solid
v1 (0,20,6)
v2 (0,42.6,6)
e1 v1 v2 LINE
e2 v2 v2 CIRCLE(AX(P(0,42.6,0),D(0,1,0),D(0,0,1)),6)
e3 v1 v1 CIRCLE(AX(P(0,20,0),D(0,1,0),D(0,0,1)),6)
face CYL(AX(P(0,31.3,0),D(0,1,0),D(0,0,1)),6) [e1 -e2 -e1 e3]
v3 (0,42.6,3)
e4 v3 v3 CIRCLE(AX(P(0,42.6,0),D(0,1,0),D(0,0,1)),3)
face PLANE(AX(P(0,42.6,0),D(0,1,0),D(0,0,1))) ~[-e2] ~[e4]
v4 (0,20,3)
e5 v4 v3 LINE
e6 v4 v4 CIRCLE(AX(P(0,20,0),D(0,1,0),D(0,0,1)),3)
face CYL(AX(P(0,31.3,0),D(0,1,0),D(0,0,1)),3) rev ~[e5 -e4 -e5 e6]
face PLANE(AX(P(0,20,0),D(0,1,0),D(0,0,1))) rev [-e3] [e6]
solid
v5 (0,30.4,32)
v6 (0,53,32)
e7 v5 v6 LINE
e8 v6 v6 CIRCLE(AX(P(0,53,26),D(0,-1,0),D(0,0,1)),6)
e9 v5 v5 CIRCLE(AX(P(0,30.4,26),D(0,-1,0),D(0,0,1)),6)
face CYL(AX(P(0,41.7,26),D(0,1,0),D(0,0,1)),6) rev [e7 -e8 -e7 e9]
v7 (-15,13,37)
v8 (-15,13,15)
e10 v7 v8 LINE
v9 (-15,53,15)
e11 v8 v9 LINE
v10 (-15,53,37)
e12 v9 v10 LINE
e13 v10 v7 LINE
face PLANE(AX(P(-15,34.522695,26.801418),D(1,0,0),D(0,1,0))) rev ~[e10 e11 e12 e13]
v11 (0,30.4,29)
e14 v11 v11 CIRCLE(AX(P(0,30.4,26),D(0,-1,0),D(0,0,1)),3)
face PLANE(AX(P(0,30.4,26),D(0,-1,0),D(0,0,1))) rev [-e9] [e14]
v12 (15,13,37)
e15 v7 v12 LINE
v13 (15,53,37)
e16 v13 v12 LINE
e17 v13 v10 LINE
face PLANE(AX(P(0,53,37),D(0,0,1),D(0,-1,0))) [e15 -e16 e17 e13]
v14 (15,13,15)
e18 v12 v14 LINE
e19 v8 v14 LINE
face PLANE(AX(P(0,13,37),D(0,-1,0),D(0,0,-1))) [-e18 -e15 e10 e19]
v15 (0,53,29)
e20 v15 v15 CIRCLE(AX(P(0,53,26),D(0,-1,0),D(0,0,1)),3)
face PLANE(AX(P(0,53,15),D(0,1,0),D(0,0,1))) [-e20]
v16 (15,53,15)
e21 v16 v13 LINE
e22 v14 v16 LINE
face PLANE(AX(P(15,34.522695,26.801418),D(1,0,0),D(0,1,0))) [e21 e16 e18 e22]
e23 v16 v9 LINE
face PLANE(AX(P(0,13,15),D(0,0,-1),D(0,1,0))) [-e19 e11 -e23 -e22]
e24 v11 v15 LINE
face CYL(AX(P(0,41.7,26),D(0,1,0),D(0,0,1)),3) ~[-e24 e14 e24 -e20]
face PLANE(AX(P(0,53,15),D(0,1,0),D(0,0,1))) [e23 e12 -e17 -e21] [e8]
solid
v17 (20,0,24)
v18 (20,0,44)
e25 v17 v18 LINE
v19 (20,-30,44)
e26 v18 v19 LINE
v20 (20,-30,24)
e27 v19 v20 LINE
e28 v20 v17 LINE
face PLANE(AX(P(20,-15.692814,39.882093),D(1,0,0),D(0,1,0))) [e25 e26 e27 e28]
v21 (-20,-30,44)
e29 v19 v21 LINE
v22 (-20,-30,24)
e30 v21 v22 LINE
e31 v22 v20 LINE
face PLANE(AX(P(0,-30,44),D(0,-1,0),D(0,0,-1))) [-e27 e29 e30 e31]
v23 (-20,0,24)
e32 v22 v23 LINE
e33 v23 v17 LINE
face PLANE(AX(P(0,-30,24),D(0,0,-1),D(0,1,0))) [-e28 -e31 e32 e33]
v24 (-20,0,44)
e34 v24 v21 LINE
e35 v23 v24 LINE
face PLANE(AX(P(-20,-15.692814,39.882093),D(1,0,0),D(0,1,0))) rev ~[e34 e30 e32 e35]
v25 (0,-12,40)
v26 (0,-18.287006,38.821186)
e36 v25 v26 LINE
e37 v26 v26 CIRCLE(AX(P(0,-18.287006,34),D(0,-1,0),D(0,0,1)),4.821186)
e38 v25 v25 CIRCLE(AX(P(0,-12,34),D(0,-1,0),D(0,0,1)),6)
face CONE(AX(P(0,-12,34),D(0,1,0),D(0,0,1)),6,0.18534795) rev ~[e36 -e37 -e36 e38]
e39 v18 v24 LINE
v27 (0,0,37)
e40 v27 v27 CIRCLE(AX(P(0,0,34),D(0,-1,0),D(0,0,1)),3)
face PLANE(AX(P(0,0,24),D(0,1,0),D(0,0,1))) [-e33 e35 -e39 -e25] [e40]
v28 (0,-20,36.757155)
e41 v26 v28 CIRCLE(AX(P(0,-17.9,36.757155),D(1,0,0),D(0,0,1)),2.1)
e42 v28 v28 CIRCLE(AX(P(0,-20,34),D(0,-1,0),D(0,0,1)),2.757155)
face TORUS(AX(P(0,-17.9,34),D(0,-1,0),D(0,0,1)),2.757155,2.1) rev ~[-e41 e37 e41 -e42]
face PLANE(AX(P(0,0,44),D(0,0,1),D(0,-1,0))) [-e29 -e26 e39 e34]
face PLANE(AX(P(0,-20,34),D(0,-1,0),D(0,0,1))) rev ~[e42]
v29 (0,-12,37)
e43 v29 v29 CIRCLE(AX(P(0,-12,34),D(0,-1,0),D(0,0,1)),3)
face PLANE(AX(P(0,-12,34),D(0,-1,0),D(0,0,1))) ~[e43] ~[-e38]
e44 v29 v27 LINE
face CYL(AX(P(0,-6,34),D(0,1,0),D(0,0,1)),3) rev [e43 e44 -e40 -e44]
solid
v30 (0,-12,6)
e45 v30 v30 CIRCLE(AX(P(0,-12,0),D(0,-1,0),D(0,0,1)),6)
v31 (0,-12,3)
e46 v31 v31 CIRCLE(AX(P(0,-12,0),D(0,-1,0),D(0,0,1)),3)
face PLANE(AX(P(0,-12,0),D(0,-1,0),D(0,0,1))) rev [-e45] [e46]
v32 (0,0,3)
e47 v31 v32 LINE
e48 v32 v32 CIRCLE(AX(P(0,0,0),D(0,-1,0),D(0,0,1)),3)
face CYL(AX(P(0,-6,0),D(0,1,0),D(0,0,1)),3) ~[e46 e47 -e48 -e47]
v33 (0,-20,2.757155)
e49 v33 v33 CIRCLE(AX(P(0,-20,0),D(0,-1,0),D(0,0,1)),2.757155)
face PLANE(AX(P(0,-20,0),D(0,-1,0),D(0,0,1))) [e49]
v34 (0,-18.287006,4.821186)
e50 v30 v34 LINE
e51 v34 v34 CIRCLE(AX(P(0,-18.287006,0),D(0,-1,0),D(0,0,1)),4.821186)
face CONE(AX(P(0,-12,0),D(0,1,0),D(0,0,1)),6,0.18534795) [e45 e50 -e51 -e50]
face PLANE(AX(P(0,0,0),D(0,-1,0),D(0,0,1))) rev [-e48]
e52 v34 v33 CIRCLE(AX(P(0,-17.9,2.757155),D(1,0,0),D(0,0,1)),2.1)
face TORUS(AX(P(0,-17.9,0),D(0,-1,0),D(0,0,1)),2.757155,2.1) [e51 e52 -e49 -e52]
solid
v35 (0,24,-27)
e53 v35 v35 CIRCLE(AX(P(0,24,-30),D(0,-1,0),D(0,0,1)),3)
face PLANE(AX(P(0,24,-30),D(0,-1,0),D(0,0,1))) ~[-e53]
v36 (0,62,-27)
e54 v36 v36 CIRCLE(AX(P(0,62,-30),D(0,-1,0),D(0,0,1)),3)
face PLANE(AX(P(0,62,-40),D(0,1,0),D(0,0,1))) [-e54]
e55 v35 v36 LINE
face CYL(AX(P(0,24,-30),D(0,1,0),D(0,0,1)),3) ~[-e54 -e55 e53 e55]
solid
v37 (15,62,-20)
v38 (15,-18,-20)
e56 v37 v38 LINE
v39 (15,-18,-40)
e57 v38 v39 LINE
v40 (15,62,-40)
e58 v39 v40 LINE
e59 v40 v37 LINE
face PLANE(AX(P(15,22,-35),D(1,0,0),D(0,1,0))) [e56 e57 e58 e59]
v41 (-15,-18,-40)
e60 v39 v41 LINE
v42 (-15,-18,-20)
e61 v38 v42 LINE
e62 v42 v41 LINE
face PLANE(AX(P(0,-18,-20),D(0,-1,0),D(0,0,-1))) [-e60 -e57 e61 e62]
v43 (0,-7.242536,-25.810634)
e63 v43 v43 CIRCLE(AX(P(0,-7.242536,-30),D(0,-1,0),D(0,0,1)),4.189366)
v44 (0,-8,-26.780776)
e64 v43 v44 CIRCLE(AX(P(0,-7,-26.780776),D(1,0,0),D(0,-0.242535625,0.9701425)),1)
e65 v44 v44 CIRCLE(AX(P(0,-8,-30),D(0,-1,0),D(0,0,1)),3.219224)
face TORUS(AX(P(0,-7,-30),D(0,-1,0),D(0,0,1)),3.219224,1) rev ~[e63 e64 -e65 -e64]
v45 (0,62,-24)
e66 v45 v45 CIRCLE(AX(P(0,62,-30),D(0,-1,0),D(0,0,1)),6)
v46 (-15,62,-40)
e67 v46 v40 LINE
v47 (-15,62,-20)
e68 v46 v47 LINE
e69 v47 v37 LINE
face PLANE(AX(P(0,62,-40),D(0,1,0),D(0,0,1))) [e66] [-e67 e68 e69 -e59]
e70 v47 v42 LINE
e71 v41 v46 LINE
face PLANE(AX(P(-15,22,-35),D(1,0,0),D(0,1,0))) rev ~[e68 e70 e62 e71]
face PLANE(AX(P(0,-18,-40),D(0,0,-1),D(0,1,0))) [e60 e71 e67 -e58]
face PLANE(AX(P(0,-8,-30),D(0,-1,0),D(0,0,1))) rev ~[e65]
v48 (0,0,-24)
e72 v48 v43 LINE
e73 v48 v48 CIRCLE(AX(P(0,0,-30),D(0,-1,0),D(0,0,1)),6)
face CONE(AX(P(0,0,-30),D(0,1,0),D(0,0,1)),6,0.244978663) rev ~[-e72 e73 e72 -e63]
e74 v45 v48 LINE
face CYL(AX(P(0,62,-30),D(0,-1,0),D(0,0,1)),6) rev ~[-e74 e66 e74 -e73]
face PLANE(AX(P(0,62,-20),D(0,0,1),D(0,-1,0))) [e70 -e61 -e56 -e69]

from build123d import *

# Parameters (mm, degrees)
F0_W      = 12
F0_H      = 3
F2_W      = 22.6
F2_H      = 3
F4_W      = 12
F4_H      = 1.5
F4_H_2    = 3
F5_DEPTH  = 20
F7_W      = 22.6
F7_H      = 3
F8_DEPTH  = 15
F10_R     = 2.1
F10_2_R   = 2.1
F11_W     = 38
F11_H     = 3
F11_W_2   = 24
F12_DEPTH = 15


with BuildPart() as f1:
    # F0 (on Right) → F1 (revolve)
    with BuildSketch(Plane.YZ):
        Polygon((-20, 0), (-12, 0), (-12, 3), (-12, 6), (-20, 4.5), align=None)
        with Locations((-6, 1.5)):
            Rectangle(F0_W, F0_H)
    revolve(axis=Axis((0, -6, 0), (0, -1, 0)))

    # F10#2
    f10_2_edges = [f1.edges().sort_by_distance(p)[0] for p in [
        (0, -20, -4.5),
    ]]
    fillet(f10_2_edges, radius=F10_2_R)


with BuildPart() as f3:
    # F2 (on Right) → F3 (revolve)
    with BuildSketch(Plane.YZ):
        with Locations((31.3, 4.5)):
            Rectangle(F2_W, F2_H)
    revolve(axis=Axis((0, 31.3, 0), (0, 1, 0)))


with BuildPart() as f5:
    # F4 (on Right) → F5 (new body, symmetric)
    with BuildSketch(Plane.YZ):
        Polygon((-30, 44), (-30, 34), (-20, 34), (-20, 38.5), (-12, 40), (-12, 37), (0, 37), (0, 44), align=None)
        Polygon((-30, 24), (0, 24), (0, 32.5), (-12, 32.5), (-12, 34), (-20, 34), (-30, 34), align=None)
        with Locations((-6, 33.25)):
            Rectangle(F4_W, F4_H)
        Polygon((-20, 38.5), (-20, 34), (-12, 34), (-12, 37), (-12, 40), align=None)
        with Locations((-6, 35.5)):
            Rectangle(F4_W, F4_H_2)
    extrude(amount=F5_DEPTH, both=True)

    # F4 (on Right) → F6 (revolve, cut)
    with BuildSketch(Plane.YZ):
        Polygon((-20, 38.5), (-20, 34), (-12, 34), (-12, 37), (-12, 40), align=None)
        with Locations((-6, 35.5)):
            Rectangle(F4_W, F4_H_2)
    revolve(axis=Axis((0, -15, 34), (0, -1, 0)), mode=Mode.SUBTRACT)

    # F10
    f10_edges = [f5.edges().sort_by_distance(p)[0] for p in [
        (0, -20, 29.5),
    ]]
    fillet(f10_edges, radius=F10_R)


with BuildPart() as f8:
    # F7 (on Right) → F8 (new body, symmetric)
    with BuildSketch(Plane.YZ):
        Polygon((53, 37), (13, 37), (13, 15), (53, 15), (53, 26), (30.4, 26), (30.4, 29), (30.4, 32), (53, 32), align=None)
        with Locations((41.7, 27.5)):
            Rectangle(F7_W, F7_H)
        with Locations((41.7, 30.5)):
            Rectangle(F7_W, F7_H)
    extrude(amount=F8_DEPTH, both=True)

    # F7 (on Right) → F9 (revolve, cut)
    with BuildSketch(Plane.YZ):
        with Locations((41.7, 30.5)):
            Rectangle(F7_W, F7_H)
    revolve(axis=Axis((0, 41.7, 26), (0, -1, 0)), mode=Mode.SUBTRACT)


with BuildPart() as f12:
    # F11 (on Right) → F12 (new body, symmetric)
    with BuildSketch(Plane.YZ):
        Polygon((24, -30), (0, -30), (-8, -30), (-18, -30), (-18, -40), (62, -40), (62, -30), align=None)
        with BuildLine():
            Line((-7.242535625, -25.8106339063), (0, -24))
            Line((0, -24), (62, -24))
            Line((62, -24), (62, -20))
            Line((62, -20), (-18, -20))
            Line((-18, -20), (-18, -30))
            Line((-18, -30), (-8, -30))
            Line((-8, -30), (-8, -26.7807764064))
            ThreePointArc((-8, -26.7807764064), (-7.788205438, -26.165364197), (-7.242535625, -25.8106339063))
        make_face()
        with Locations((43, -28.5)):
            Rectangle(F11_W, F11_H)
        Polygon((62, -24), (0, -24), (0, -27), (24, -27), (62, -27), align=None)
        with BuildLine():
            Line((0, -27), (0, -24))
            Line((0, -24), (-7.242535625, -25.8106339063))
            ThreePointArc((-7.242535625, -25.8106339063), (-7.788205438, -26.165364197), (-8, -26.7807764064))
            Line((-8, -26.7807764064), (-8, -30))
            Line((-8, -30), (0, -30))
            Line((0, -30), (0, -27))
        make_face()
        with Locations((12, -28.5)):
            Rectangle(F11_W_2, F11_H)
    extrude(amount=F12_DEPTH, both=True)

    # F11 (on Right) → F13 (revolve, cut)
    with BuildSketch(Plane.YZ):
        with BuildLine():
            Line((0, -27), (0, -24))
            Line((0, -24), (-7.242535625, -25.8106339063))
            ThreePointArc((-7.242535625, -25.8106339063), (-7.788205438, -26.165364197), (-8, -26.7807764064))
            Line((-8, -26.7807764064), (-8, -30))
            Line((-8, -30), (0, -30))
            Line((0, -30), (0, -27))
        make_face()
        with Locations((12, -28.5)):
            Rectangle(F11_W_2, F11_H)
        Polygon((62, -24), (0, -24), (0, -27), (24, -27), (62, -27), align=None)
    revolve(axis=Axis((0, 22, -30), (0, -1, 0)), mode=Mode.SUBTRACT)


solid = Compound([f1.part, f3.part, f5.part, f8.part, f12.part])
